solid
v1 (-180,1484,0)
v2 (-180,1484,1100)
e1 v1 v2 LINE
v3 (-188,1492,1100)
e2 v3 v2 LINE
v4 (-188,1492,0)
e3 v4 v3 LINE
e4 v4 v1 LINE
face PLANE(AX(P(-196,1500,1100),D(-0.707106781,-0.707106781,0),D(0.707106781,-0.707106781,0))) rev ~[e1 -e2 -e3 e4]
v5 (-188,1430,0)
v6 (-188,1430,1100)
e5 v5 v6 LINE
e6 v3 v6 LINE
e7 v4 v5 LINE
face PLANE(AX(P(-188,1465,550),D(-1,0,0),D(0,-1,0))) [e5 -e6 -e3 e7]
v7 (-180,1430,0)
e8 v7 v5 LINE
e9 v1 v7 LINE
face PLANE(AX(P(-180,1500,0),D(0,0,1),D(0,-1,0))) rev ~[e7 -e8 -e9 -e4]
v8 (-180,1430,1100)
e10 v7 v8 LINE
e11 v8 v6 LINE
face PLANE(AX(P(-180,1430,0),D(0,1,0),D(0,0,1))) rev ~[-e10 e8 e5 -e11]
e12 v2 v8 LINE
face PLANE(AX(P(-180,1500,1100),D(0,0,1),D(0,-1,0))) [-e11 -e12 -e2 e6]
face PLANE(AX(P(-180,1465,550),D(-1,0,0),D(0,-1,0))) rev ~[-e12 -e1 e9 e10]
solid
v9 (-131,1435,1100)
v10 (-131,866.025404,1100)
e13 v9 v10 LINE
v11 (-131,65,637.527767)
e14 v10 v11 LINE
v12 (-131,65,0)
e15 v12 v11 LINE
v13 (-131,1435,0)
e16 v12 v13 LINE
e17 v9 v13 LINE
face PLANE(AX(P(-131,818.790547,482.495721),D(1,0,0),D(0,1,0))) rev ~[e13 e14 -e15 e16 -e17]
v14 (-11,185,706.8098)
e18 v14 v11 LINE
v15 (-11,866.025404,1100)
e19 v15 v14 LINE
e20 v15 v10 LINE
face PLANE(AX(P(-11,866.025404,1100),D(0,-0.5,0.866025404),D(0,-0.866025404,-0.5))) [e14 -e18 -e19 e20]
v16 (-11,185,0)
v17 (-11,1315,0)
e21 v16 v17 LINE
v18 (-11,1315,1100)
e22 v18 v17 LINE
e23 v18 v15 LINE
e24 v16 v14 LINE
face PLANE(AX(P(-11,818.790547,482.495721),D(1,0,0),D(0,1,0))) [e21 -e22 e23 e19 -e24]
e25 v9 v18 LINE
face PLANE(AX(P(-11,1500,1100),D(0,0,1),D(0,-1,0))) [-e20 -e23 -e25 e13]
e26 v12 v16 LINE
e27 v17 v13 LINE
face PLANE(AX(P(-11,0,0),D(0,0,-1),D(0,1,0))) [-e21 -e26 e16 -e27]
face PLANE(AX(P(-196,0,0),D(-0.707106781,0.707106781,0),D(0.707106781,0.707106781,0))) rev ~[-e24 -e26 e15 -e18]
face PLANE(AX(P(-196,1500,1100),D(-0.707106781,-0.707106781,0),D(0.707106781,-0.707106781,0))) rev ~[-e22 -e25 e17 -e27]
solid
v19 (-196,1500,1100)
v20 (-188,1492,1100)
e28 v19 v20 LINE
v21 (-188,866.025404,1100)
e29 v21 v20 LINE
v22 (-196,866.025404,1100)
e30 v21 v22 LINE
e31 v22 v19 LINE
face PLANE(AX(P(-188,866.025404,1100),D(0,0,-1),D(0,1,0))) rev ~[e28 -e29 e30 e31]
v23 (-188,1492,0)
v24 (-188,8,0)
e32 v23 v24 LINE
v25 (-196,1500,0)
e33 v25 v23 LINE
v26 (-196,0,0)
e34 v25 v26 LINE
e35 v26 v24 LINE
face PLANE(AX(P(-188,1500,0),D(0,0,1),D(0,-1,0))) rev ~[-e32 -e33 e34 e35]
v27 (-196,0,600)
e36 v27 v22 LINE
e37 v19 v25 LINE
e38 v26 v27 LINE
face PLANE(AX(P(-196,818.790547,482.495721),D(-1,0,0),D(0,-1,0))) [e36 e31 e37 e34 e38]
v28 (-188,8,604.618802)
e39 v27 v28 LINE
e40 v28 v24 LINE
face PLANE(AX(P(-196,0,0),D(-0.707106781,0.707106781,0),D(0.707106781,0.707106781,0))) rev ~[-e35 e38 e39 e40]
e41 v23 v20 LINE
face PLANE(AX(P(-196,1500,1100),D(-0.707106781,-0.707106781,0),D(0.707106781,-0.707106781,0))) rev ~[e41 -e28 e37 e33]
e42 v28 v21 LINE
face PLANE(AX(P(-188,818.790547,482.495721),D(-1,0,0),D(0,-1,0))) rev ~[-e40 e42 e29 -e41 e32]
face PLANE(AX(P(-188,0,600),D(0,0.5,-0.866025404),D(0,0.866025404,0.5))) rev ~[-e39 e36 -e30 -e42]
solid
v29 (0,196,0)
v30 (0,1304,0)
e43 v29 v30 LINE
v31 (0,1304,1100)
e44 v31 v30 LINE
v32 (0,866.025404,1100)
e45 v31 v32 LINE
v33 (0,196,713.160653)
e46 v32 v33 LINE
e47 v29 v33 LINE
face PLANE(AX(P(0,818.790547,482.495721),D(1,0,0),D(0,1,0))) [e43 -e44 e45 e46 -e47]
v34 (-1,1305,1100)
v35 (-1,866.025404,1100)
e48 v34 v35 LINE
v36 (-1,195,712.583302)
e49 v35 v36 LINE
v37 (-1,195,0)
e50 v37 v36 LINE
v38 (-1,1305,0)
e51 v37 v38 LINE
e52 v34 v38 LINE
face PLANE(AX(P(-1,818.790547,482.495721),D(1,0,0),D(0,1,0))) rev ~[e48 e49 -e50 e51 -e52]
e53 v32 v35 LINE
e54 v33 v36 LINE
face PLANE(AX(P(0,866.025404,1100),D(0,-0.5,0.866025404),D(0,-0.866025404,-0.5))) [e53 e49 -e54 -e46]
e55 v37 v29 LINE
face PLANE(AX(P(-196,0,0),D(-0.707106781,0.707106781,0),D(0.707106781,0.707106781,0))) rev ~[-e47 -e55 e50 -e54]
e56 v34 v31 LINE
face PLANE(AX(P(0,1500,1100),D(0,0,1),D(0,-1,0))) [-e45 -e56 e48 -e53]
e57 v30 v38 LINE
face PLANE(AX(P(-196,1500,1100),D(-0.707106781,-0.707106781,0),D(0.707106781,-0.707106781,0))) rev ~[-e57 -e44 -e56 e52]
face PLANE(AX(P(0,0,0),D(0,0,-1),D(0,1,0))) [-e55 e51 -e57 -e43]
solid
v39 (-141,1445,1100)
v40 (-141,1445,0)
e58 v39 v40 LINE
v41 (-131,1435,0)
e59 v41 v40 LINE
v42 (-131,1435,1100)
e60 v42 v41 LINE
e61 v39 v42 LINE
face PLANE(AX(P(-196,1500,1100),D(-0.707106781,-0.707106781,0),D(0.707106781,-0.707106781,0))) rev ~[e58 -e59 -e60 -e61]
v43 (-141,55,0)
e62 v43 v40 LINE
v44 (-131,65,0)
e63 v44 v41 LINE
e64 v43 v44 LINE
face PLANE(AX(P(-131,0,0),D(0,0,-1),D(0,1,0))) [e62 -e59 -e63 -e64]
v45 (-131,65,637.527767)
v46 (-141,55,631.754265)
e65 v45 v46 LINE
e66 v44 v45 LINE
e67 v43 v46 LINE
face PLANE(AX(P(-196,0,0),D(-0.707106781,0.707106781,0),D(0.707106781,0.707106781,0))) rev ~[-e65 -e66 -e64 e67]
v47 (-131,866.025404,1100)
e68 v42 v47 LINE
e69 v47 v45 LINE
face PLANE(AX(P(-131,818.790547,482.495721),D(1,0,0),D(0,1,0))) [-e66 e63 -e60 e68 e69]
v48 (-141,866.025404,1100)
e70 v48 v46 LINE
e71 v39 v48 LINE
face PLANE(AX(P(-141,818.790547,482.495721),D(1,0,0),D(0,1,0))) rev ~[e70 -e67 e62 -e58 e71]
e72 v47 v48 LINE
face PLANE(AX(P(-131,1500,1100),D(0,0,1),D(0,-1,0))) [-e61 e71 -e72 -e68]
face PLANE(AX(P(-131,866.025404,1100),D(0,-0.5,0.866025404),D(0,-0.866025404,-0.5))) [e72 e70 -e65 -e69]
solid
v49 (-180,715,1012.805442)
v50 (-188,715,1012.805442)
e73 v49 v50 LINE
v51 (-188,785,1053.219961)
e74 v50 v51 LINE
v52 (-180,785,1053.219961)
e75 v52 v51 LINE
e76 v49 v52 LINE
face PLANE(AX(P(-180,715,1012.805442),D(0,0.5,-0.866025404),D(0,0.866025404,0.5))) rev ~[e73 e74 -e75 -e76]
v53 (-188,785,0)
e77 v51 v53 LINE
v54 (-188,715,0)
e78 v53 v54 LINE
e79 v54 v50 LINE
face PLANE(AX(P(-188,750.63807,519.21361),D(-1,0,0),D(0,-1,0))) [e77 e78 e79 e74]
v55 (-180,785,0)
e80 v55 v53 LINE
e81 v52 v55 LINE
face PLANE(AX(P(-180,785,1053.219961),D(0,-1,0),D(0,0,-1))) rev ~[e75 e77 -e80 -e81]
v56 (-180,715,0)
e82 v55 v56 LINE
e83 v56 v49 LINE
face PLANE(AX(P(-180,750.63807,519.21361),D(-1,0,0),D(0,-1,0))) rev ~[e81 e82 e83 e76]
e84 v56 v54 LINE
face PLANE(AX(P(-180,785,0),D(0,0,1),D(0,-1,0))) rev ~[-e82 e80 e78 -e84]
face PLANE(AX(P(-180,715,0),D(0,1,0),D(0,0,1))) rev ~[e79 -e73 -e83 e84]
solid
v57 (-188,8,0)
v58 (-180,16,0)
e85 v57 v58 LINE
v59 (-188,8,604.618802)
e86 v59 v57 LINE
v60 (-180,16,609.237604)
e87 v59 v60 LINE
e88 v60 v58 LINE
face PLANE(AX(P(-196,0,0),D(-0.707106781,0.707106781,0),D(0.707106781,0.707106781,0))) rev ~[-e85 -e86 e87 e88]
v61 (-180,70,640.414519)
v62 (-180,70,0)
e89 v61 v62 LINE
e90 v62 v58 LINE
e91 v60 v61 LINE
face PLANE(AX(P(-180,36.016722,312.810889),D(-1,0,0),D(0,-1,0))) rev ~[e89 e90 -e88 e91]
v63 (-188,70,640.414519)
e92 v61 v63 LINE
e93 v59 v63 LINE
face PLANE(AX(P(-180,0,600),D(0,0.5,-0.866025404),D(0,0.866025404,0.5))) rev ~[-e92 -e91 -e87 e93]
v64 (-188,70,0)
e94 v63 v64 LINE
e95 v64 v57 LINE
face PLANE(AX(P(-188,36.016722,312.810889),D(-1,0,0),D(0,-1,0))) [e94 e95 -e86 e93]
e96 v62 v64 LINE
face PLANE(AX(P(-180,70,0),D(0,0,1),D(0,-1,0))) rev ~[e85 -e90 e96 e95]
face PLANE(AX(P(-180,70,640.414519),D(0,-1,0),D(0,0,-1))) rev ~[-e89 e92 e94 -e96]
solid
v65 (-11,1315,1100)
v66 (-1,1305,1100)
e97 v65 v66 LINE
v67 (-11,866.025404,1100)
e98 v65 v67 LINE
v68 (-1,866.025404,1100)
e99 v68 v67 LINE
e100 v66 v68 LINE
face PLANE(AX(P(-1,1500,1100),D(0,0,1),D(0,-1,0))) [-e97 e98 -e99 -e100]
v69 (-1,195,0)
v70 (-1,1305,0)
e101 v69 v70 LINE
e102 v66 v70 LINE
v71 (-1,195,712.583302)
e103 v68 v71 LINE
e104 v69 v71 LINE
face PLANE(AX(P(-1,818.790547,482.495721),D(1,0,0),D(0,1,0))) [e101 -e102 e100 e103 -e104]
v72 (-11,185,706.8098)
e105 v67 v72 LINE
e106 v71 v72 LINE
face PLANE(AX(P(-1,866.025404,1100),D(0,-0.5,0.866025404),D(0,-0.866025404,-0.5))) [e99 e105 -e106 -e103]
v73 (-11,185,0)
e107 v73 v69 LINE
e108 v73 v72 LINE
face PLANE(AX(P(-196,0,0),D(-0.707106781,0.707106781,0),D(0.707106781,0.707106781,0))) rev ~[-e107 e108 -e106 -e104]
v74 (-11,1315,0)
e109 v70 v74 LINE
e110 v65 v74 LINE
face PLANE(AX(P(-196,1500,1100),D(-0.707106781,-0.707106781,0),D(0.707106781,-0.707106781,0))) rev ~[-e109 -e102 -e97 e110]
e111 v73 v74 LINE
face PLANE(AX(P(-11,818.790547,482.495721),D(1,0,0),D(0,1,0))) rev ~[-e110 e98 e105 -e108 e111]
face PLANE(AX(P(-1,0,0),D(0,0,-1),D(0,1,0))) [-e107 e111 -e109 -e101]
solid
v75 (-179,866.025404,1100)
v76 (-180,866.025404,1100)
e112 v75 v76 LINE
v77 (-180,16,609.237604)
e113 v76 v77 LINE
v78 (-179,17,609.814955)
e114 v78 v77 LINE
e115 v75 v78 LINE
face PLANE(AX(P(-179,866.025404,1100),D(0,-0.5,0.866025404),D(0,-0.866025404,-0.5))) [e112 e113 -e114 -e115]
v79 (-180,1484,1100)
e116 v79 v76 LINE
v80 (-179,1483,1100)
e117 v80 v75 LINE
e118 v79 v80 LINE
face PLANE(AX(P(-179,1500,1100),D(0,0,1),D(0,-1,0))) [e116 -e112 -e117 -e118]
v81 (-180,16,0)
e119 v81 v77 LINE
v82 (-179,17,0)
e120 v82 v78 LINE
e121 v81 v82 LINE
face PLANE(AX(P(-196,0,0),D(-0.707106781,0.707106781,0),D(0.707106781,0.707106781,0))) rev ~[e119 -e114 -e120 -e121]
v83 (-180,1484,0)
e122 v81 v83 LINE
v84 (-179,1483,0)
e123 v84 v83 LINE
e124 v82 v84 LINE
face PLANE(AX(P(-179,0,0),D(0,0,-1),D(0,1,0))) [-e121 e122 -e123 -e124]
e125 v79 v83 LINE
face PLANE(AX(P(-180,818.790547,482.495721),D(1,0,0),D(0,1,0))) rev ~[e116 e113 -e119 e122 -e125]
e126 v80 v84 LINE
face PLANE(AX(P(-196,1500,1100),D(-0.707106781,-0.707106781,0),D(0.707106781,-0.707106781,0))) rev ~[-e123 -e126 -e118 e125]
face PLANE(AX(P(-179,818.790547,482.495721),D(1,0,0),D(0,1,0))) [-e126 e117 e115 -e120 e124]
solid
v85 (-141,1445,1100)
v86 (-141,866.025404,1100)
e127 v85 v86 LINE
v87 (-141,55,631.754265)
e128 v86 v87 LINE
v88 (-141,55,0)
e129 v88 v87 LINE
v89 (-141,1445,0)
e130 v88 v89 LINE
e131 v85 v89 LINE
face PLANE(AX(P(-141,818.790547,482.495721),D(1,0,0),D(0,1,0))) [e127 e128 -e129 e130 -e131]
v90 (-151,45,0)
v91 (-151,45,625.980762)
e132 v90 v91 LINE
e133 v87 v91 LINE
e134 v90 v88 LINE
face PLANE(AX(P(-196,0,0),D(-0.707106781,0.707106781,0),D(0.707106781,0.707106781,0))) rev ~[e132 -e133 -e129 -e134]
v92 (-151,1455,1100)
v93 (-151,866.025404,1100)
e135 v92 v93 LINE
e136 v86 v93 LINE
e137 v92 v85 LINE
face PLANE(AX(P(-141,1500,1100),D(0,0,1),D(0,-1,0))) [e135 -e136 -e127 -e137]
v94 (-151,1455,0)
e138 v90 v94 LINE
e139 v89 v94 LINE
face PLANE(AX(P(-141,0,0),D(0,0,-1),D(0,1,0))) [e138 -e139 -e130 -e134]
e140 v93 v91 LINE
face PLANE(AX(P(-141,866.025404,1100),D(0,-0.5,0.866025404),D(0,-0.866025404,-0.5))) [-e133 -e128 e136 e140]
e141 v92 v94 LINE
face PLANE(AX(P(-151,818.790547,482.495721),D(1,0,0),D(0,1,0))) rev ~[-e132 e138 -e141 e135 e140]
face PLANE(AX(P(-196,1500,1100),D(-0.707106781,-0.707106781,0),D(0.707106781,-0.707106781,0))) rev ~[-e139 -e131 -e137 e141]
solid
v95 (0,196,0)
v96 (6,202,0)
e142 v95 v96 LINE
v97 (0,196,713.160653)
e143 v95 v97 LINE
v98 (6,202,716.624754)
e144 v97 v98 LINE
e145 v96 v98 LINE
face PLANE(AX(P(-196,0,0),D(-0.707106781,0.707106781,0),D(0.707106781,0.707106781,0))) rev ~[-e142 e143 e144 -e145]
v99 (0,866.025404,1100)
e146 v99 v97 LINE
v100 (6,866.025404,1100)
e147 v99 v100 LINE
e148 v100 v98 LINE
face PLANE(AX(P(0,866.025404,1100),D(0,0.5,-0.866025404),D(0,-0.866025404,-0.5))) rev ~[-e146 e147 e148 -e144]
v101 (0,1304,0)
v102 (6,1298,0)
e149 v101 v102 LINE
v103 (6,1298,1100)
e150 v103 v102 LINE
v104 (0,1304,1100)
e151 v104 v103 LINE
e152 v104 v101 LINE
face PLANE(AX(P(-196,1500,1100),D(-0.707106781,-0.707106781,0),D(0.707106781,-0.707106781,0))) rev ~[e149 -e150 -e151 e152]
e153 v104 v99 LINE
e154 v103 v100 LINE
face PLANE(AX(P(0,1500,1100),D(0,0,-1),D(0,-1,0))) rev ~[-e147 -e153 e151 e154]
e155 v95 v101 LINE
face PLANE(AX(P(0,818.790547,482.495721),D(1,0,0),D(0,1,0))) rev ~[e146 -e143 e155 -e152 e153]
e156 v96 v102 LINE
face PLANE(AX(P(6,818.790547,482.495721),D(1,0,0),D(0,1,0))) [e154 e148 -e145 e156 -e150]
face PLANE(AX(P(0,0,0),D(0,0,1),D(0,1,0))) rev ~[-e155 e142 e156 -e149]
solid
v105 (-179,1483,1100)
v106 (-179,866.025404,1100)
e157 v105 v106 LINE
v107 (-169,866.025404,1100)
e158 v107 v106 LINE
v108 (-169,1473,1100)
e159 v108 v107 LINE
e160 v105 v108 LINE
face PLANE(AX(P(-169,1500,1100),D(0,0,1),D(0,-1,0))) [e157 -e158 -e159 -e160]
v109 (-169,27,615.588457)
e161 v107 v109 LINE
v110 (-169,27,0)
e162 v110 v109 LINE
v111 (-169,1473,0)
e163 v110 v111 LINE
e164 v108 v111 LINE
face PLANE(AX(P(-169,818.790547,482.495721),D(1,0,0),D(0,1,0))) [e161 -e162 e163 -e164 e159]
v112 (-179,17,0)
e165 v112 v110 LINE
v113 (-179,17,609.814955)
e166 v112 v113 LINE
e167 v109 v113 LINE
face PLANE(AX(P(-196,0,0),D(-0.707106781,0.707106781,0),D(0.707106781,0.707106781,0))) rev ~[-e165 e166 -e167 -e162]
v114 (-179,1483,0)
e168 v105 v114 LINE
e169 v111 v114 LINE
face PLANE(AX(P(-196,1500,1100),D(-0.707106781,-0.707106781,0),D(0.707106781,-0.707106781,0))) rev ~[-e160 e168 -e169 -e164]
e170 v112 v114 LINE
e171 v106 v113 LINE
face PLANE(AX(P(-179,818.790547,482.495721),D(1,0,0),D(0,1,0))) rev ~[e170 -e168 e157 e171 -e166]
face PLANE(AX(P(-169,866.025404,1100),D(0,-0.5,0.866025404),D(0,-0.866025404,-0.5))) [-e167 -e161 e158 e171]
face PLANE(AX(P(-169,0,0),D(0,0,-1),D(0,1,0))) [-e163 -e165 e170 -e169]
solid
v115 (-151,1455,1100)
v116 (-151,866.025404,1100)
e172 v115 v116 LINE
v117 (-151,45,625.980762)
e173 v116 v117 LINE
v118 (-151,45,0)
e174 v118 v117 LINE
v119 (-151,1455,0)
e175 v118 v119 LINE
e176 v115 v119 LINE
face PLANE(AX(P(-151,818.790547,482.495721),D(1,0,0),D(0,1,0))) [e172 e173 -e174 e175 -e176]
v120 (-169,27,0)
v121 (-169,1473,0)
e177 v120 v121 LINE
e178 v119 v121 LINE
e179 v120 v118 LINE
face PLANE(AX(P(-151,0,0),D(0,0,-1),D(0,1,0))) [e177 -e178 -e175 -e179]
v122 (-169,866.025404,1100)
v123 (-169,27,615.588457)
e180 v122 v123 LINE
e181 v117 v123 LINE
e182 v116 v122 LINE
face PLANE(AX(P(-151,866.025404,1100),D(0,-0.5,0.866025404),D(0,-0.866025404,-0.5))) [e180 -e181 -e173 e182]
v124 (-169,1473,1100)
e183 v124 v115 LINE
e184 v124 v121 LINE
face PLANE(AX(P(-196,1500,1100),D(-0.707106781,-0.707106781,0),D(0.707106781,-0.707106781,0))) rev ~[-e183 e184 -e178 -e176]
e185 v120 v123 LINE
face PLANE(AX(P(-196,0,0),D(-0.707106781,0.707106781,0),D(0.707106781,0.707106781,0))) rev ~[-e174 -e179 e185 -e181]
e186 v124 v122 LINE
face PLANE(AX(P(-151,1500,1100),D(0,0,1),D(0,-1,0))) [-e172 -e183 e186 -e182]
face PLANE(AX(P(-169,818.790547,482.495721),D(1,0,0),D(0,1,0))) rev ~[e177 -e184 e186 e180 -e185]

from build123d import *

# Parameters (mm, degrees)
F1_DEPTH  = 6
F2_DEPTH  = 1
F3_DEPTH  = 10
F4_DEPTH  = 120
F5_DEPTH  = 10
F6_DEPTH  = 10
F7_DEPTH  = 18
F8_DEPTH  = 10
F9_DEPTH  = 1
F10_W     = 70
F10_H     = 1100
F11_DEPTH = 8
F13_DEPTH = 8
F15_DEPTH = 1100.001
F17_DEPTH = 1100.001


with BuildPart() as f1:
    # F0 (on Right) → F1 (new body)
    with BuildSketch(Plane.YZ):
        Polygon((0, 600), (0, 0), (1500, 0), (1500, 1100), (866.0254037844, 1100), align=None)
    extrude(amount=F1_DEPTH)


with BuildPart() as f2:
    # F2 (new): a face of the model
    f2_faces = [f1.part.faces().sort_by_distance(p)[0] for p in [
        (0, 819.6757626206, 492.1036143057),
    ]]
    extrude(f2_faces, amount=F2_DEPTH)


with BuildPart() as f3:
    # F3 (new): a face of the model
    f3_faces = [f2.part.faces().sort_by_distance(p)[0] for p in [
        (-1, 819.6757626206, 492.1036143057),
    ]]
    extrude(f3_faces, amount=F3_DEPTH)


with BuildPart() as f4:
    # F4 (new): a face of the model
    f4_faces = [f3.part.faces().sort_by_distance(p)[0] for p in [
        (-11, 819.6757626206, 492.1036143057),
    ]]
    extrude(f4_faces, amount=F4_DEPTH)


with BuildPart() as f5:
    # F5 (new): a face of the model
    f5_faces = [f4.part.faces().sort_by_distance(p)[0] for p in [
        (-131, 819.6757626206, 492.1036143057),
    ]]
    extrude(f5_faces, amount=F5_DEPTH)


with BuildPart() as f6:
    # F6 (new): a face of the model
    f6_faces = [f5.part.faces().sort_by_distance(p)[0] for p in [
        (-141, 819.6757626206, 492.1036143057),
    ]]
    extrude(f6_faces, amount=F6_DEPTH)


with BuildPart() as f7:
    # F7 (new): a face of the model
    f7_faces = [f6.part.faces().sort_by_distance(p)[0] for p in [
        (-151, 819.6757626206, 492.1036143057),
    ]]
    extrude(f7_faces, amount=F7_DEPTH)


with BuildPart() as f8:
    # F8 (new): a face of the model
    f8_faces = [f7.part.faces().sort_by_distance(p)[0] for p in [
        (-169, 819.6757626206, 492.1036143057),
    ]]
    extrude(f8_faces, amount=F8_DEPTH)


with BuildPart() as f9:
    # F9 (new): a face of the model
    f9_faces = [f8.part.faces().sort_by_distance(p)[0] for p in [
        (-179, 819.6757626206, 492.1036143057),
    ]]
    extrude(f9_faces, amount=F9_DEPTH)


with BuildPart() as f11:
    # F10 (on face) → F11 (new body)
    with BuildSketch(Plane(origin=(-180, 0, 0), x_dir=(0, -1, 0), z_dir=(-1, 0, 0))):
        with Locations((-1465, 550)):
            Rectangle(F10_W, F10_H)
    extrude(amount=F11_DEPTH)


with BuildPart() as f11b:
    # F10 (on face) → F11, piece 2 (new body)
    with BuildSketch(Plane(origin=(-180, 0, 0), x_dir=(0, -1, 0), z_dir=(-1, 0, 0))):
        Polygon((-785, 1053.2199613139), (-785, 0), (-715, 0), (-715, 1012.8054424706), align=None)
    extrude(amount=F11_DEPTH)


with BuildPart() as f11c:
    # F10 (on face) → F11, piece 3 (new body)
    with BuildSketch(Plane(origin=(-180, 0, 0), x_dir=(0, -1, 0), z_dir=(-1, 0, 0))):
        Polygon((-70, 640.4145188433), (-70, 0), (0, 0), (0, 600), align=None)
    extrude(amount=F11_DEPTH)


with BuildPart() as f13:
    # F12 (on face) → F13 (new body)
    with BuildSketch(Plane(origin=(-188, 0, 0), x_dir=(0, -1, 0), z_dir=(-1, 0, 0))):
        Polygon((-866.0254037844, 1100), (-1500, 1100), (-1500, 0), (0, 0), (0, 600), align=None)
    extrude(amount=F13_DEPTH)


with BuildPart() as f15_tool:
    # F14 (on face) → F15 (new body, through all)
    with BuildSketch(Plane.XY.offset(1100)):
        Polygon((6, 1500), (-196, 1500), (6, 1298), align=None)
    extrude(amount=-F15_DEPTH)


with BuildPart() as f1_1:
    add(f1.part)

    # F15: cut by f15_tool
    add(f15_tool.part, mode=Mode.SUBTRACT)


with BuildPart() as f2_1:
    add(f2.part)

    # F15: cut by f15_tool
    add(f15_tool.part, mode=Mode.SUBTRACT)


with BuildPart() as f3_1:
    add(f3.part)

    # F15: cut by f15_tool
    add(f15_tool.part, mode=Mode.SUBTRACT)


with BuildPart() as f4_1:
    add(f4.part)

    # F15: cut by f15_tool
    add(f15_tool.part, mode=Mode.SUBTRACT)


with BuildPart() as f5_1:
    add(f5.part)

    # F15: cut by f15_tool
    add(f15_tool.part, mode=Mode.SUBTRACT)


with BuildPart() as f6_1:
    add(f6.part)

    # F15: cut by f15_tool
    add(f15_tool.part, mode=Mode.SUBTRACT)


with BuildPart() as f7_1:
    add(f7.part)

    # F15: cut by f15_tool
    add(f15_tool.part, mode=Mode.SUBTRACT)


with BuildPart() as f8_1:
    add(f8.part)

    # F15: cut by f15_tool
    add(f15_tool.part, mode=Mode.SUBTRACT)


with BuildPart() as f9_1:
    add(f9.part)

    # F15: cut by f15_tool
    add(f15_tool.part, mode=Mode.SUBTRACT)


with BuildPart() as f11_1:
    add(f11.part)

    # F15: cut by f15_tool
    add(f15_tool.part, mode=Mode.SUBTRACT)


with BuildPart() as f13_1:
    add(f13.part)

    # F15: cut by f15_tool
    add(f15_tool.part, mode=Mode.SUBTRACT)


with BuildPart() as f17_tool:
    # F16 (on face) → F17 (new body, through all)
    with BuildSketch(Plane(origin=(0, 0, 0), x_dir=(1, 0, 0), z_dir=(0, 0, -1))):
        Polygon((6, 0), (-196, 0), (6, -202), align=None)
    extrude(amount=-F17_DEPTH)


with BuildPart() as f1_2:
    add(f1_1.part)

    # F17: cut by f17_tool
    add(f17_tool.part, mode=Mode.SUBTRACT)


with BuildPart() as f2_2:
    add(f2_1.part)

    # F17: cut by f17_tool
    add(f17_tool.part, mode=Mode.SUBTRACT)


with BuildPart() as f3_2:
    add(f3_1.part)

    # F17: cut by f17_tool
    add(f17_tool.part, mode=Mode.SUBTRACT)


with BuildPart() as f4_2:
    add(f4_1.part)

    # F17: cut by f17_tool
    add(f17_tool.part, mode=Mode.SUBTRACT)


with BuildPart() as f5_2:
    add(f5_1.part)

    # F17: cut by f17_tool
    add(f17_tool.part, mode=Mode.SUBTRACT)


with BuildPart() as f6_2:
    add(f6_1.part)

    # F17: cut by f17_tool
    add(f17_tool.part, mode=Mode.SUBTRACT)


with BuildPart() as f7_2:
    add(f7_1.part)

    # F17: cut by f17_tool
    add(f17_tool.part, mode=Mode.SUBTRACT)


with BuildPart() as f8_2:
    add(f8_1.part)

    # F17: cut by f17_tool
    add(f17_tool.part, mode=Mode.SUBTRACT)


with BuildPart() as f9_2:
    add(f9_1.part)

    # F17: cut by f17_tool
    add(f17_tool.part, mode=Mode.SUBTRACT)


with BuildPart() as f11c_1:
    add(f11c.part)

    # F17: cut by f17_tool
    add(f17_tool.part, mode=Mode.SUBTRACT)


with BuildPart() as f13_2:
    add(f13_1.part)

    # F17: cut by f17_tool
    add(f17_tool.part, mode=Mode.SUBTRACT)


solid = Compound([f11b.part, f11_1.part, f1_2.part, f2_2.part, f3_2.part, f4_2.part, f5_2.part, f6_2.part, f7_2.part, f8_2.part, f9_2.part, f11c_1.part, f13_2.part])
